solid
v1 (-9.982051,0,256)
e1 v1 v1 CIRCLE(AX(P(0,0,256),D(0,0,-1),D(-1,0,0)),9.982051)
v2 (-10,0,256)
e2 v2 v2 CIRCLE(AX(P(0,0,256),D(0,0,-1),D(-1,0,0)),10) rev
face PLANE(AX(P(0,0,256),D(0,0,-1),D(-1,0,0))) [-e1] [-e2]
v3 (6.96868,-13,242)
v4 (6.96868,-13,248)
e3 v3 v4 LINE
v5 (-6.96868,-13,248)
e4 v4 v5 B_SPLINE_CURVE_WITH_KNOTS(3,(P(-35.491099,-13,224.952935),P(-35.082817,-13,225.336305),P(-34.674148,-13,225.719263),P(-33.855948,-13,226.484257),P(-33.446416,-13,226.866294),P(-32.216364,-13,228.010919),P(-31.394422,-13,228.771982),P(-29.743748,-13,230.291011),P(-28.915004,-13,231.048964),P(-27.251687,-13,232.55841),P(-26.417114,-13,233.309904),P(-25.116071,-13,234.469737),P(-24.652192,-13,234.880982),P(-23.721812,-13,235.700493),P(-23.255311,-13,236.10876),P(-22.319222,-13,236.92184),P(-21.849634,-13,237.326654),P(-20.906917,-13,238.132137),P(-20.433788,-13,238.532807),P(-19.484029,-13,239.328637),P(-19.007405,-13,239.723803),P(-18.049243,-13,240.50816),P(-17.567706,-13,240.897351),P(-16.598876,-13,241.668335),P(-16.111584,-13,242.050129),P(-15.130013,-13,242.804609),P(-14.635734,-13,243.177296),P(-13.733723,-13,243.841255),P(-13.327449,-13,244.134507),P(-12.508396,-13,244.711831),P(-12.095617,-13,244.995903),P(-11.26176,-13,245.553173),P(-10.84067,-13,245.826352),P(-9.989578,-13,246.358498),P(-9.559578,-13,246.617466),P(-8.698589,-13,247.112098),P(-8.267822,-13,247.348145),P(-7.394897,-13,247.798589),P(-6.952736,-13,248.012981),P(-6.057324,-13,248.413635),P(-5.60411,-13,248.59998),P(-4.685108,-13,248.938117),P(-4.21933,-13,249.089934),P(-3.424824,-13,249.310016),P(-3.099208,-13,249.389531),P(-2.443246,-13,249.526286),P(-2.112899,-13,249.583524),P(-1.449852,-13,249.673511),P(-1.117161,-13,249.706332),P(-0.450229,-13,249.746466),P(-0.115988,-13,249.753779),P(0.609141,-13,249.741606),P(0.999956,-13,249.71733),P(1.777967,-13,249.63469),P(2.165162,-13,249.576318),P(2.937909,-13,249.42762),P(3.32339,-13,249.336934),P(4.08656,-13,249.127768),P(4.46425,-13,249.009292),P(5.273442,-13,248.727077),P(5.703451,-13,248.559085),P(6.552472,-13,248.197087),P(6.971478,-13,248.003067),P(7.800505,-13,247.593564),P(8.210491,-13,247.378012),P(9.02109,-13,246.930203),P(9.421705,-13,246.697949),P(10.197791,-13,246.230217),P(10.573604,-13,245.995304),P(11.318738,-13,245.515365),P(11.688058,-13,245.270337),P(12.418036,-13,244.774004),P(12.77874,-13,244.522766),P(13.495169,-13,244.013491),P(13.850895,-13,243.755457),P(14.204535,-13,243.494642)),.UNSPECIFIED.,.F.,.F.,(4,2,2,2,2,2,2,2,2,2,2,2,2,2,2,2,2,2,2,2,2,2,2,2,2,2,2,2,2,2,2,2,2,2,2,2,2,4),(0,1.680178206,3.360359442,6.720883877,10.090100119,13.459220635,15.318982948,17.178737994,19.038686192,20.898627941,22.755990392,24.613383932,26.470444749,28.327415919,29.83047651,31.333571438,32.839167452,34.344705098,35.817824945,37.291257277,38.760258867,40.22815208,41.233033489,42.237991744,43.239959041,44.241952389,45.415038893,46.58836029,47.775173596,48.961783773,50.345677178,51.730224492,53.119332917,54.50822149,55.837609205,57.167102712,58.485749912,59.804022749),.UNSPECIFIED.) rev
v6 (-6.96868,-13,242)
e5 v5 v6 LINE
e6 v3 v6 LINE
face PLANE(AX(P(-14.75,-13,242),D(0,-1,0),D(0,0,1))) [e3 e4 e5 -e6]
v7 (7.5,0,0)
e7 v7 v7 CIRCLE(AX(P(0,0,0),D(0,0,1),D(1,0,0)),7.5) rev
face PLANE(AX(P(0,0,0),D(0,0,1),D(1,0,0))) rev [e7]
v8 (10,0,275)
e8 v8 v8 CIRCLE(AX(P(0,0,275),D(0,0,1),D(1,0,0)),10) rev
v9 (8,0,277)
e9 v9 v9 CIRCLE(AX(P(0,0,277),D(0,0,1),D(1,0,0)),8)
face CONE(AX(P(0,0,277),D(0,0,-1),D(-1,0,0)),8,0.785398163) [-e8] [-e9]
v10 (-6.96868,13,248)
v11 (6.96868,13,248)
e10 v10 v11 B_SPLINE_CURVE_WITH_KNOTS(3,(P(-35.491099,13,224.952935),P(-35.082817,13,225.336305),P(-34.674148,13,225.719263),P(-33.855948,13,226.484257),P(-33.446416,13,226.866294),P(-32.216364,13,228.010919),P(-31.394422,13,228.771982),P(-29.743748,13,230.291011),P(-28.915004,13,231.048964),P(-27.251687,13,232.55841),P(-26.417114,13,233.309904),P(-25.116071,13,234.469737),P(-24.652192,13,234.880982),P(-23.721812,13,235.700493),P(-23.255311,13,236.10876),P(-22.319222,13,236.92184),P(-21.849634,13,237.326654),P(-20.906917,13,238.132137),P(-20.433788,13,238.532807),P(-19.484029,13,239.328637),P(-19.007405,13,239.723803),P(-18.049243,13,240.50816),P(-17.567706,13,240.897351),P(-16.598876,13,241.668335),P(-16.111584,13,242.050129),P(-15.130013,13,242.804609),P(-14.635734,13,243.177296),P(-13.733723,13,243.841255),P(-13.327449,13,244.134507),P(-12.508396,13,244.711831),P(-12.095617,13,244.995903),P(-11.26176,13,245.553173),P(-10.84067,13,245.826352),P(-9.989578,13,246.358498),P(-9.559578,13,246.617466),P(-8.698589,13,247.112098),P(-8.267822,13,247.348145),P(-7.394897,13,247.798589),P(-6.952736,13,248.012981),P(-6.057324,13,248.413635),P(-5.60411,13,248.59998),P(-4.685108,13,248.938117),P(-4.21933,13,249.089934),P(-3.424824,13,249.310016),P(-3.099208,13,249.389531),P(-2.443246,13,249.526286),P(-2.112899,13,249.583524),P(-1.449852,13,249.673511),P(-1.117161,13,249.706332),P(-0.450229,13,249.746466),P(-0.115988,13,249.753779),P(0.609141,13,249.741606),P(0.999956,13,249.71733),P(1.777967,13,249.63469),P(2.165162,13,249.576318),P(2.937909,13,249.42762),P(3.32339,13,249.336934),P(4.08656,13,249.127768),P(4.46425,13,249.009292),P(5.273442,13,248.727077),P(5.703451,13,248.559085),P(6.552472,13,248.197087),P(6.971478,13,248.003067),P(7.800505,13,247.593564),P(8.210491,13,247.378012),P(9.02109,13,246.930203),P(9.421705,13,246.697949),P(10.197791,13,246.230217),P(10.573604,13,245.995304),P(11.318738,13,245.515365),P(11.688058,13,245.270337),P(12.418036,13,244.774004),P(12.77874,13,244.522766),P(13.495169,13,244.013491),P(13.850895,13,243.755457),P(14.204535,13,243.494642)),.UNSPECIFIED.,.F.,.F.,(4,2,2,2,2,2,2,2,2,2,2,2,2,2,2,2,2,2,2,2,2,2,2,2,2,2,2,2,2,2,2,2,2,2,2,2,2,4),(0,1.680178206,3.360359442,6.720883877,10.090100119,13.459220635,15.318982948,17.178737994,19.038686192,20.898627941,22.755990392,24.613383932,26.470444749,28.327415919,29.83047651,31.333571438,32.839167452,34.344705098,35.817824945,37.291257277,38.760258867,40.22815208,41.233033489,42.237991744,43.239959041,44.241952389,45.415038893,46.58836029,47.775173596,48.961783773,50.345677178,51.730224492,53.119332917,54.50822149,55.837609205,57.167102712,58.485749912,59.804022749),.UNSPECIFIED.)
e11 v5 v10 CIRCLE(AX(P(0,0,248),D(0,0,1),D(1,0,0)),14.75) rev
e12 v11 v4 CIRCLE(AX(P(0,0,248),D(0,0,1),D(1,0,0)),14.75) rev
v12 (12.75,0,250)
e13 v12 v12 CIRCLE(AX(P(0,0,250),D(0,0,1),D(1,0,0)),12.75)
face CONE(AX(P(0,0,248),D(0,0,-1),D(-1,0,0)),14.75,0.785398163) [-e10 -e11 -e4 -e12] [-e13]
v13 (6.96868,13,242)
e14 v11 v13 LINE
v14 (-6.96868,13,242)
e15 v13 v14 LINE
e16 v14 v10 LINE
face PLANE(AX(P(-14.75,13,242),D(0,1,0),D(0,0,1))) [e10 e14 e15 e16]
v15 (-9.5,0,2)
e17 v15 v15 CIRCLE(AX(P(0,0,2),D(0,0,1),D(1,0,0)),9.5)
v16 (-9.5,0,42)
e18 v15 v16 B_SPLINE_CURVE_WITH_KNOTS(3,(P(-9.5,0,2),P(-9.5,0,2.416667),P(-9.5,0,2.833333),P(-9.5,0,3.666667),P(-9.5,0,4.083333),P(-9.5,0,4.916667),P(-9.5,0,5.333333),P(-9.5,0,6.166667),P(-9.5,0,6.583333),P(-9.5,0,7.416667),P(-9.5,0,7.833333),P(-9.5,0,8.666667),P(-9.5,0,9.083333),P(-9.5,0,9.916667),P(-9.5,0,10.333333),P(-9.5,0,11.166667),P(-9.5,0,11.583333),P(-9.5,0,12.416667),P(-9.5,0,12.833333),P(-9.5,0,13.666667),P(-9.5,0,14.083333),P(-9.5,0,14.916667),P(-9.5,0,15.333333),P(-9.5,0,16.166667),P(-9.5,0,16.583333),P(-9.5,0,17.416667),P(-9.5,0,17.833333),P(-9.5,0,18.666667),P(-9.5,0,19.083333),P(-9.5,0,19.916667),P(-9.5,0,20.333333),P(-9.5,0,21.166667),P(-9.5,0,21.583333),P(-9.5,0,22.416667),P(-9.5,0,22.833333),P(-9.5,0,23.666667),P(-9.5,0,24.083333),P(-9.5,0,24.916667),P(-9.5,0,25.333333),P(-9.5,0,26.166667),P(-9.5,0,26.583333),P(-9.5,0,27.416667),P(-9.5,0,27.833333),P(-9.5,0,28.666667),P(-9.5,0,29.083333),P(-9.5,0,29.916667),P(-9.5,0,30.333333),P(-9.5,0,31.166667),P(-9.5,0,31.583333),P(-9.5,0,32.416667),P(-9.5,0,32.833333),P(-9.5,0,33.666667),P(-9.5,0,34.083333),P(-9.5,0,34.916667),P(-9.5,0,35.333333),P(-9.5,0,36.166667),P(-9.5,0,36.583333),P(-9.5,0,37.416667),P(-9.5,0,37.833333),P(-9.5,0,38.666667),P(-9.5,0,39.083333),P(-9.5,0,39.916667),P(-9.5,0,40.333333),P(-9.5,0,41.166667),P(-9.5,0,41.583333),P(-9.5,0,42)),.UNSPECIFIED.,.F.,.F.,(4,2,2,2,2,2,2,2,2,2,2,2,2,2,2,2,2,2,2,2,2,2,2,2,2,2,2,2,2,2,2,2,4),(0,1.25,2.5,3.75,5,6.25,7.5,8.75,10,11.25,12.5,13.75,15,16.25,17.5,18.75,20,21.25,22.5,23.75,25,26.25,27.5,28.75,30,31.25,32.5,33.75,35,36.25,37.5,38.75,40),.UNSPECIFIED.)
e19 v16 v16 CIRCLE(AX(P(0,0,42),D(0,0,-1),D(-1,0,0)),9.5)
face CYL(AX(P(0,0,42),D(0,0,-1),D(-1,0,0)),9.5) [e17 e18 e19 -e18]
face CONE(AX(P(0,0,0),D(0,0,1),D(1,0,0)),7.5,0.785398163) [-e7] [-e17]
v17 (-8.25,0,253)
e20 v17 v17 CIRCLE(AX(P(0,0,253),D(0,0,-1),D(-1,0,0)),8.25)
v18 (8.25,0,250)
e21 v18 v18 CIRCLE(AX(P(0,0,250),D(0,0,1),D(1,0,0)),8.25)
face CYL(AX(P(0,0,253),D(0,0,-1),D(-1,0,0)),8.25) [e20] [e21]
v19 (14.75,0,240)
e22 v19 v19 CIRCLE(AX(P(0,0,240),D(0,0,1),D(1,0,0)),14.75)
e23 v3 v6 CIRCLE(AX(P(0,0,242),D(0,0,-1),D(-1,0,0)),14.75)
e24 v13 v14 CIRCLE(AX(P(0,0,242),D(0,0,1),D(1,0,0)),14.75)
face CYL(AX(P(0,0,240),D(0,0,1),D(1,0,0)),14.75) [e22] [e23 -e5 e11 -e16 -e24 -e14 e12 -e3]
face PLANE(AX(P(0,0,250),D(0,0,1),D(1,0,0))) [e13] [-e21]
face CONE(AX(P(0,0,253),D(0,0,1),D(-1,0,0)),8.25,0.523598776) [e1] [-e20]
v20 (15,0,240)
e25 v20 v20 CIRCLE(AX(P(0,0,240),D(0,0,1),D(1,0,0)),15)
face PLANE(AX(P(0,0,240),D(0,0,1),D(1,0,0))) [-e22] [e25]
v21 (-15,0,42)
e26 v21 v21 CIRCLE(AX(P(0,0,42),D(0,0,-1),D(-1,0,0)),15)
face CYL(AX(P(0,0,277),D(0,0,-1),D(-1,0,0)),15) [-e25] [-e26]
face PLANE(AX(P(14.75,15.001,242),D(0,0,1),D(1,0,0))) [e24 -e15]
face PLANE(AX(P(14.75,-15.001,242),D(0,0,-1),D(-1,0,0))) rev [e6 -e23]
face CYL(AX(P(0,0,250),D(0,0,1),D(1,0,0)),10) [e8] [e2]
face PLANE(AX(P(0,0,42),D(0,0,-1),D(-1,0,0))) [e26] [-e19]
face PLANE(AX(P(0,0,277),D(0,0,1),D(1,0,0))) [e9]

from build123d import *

# Parameters (mm, degrees)
ESQUISSE1_R                   = 15
TIGE_DEPTH                    = 277
ESQUISSE2_OUTSIDE_W           = 88.046
ESQUISSE2_OUTSIDE_H           = 88.046
ESQUISSE2_OUTSIDE_R           = 14.75
CENTRAGE_DE_CHAPE_DEPTH       = 37
ESQUISSE3_OUTSIDE_W           = 88.046
ESQUISSE3_OUTSIDE_H           = 88.046
ESQUISSE3_OUTSIDE_R           = 10
DIAM_TRE_DE_FILETAGE_DEPTH    = 27
ESQUISSE4_OUTSIDE_W           = 88.046
ESQUISSE4_OUTSIDE_H           = 88.046
ESQUISSE4_OUTSIDE_R           = 8.25
GORGE_DE_D_GAGEMENT_DEPTH     = 3
ESQUISSE5_OUTSIDE_W           = 91.51
ESQUISSE5_OUTSIDE_H           = 91.51
ESQUISSE5_OUTSIDE_R           = 8.25
CHANFREIN_DE_D_GAGEMENT_DEPTH = 3
CHANFREIN_DE_D_GAGEMENT_DRAFT = -30
CHANFREIN4_SIZE               = 2
M_PLAT_1_REACH                = 280.815
ESQUISSE6_W                   = 29.5
ESQUISSE6_H                   = 8
ESQUISSE7_OUTSIDE_W           = 88.046
ESQUISSE7_OUTSIDE_H           = 88.046
ESQUISSE7_OUTSIDE_R           = 9.5
CENTRAGE_DE_PISTON_DEPTH      = 42
CHANFREIN_DE_FILETAGE_SIZE    = 2


with BuildPart() as part:
    # Esquisse1 → tige (new body)
    with BuildSketch(Plane.XY):
        with Locations(Location((0, 0, 0), (0, 0, 180))):
            Circle(ESQUISSE1_R)
    extrude(amount=TIGE_DEPTH)

    # Esquisse2 outside → centrage de chape (cut)
    with BuildSketch(Plane.XY.offset(277)):
        Rectangle(ESQUISSE2_OUTSIDE_W, ESQUISSE2_OUTSIDE_H)
        Circle(ESQUISSE2_OUTSIDE_R, mode=Mode.SUBTRACT)
    extrude(amount=-CENTRAGE_DE_CHAPE_DEPTH, mode=Mode.SUBTRACT)

    # Esquisse3 outside → diamètre de filetage (cut)
    with BuildSketch(Plane.XY.offset(277)):
        Rectangle(ESQUISSE3_OUTSIDE_W, ESQUISSE3_OUTSIDE_H)
        Circle(ESQUISSE3_OUTSIDE_R, mode=Mode.SUBTRACT)
    extrude(amount=-DIAM_TRE_DE_FILETAGE_DEPTH, mode=Mode.SUBTRACT)

    # Esquisse4 outside → gorge de d_gagement (cut)
    with BuildSketch(Plane.XY.offset(250)):
        Rectangle(ESQUISSE4_OUTSIDE_W, ESQUISSE4_OUTSIDE_H)
        with Locations(Location((0, 0, 0), (0, 0, 180))):
            Circle(ESQUISSE4_OUTSIDE_R, mode=Mode.SUBTRACT)
    extrude(amount=GORGE_DE_D_GAGEMENT_DEPTH, mode=Mode.SUBTRACT)


with BuildPart() as chanfrein_de_d_gagement_tool:
    # Esquisse5 outside → chanfrein de dégagement (with draft: the straight prism first)
    with BuildSketch(Plane(origin=(0, 0, 253), x_dir=(-1, 0, 0), z_dir=(0, 0, -1))):
        Rectangle(ESQUISSE5_OUTSIDE_W, ESQUISSE5_OUTSIDE_H)
        Circle(ESQUISSE5_OUTSIDE_R, mode=Mode.SUBTRACT)
    extrude(amount=-CHANFREIN_DE_D_GAGEMENT_DEPTH)
    # chanfrein de dégagement: the draft: its side faces are tilted about the plane it starts from
    chanfrein_de_d_gagement_sides = [chanfrein_de_d_gagement_tool.faces().sort_by_distance(p)[0] for p in [
        (0, -45.755, 254.5),
        (-45.755, 0, 254.5),
        (0, 45.755, 254.5),
        (45.755, 0, 254.5),
        (8.25, 0, 254.5),
    ]]
    draft(chanfrein_de_d_gagement_sides, Plane(origin=(0, 0, 253), x_dir=(-1, 0, 0), z_dir=(0, 0, -1)), CHANFREIN_DE_D_GAGEMENT_DRAFT)


with BuildPart() as part_1:
    add(part.part)

    # chanfrein de dégagement: cut by chanfrein_de_d_gagement_tool
    add(chanfrein_de_d_gagement_tool.part, mode=Mode.SUBTRACT)

    # Chanfrein4
    chanfrein4_edges = [part_1.edges().sort_by_distance(p)[0] for p in [
        (-14.75, 0, 250),
        (-10, 0, 277),
    ]]
    chamfer(chanfrein4_edges, length=CHANFREIN4_SIZE)

    # Esquisse6 → méplat 1 (cut, up to next)
    with BuildSketch(Plane(origin=(0, 13, 0), x_dir=(-1, 0, 0), z_dir=(0, 1, 0)), mode=Mode.PRIVATE) as m_plat_1_sk1:
        with Locations((0, 246)):
            Rectangle(ESQUISSE6_W, ESQUISSE6_H)
    m_plat_1_tool1 = extrude(m_plat_1_sk1.sketch, amount=M_PLAT_1_REACH, mode=Mode.PRIVATE) & part_1.part
    m_plat_1 = m_plat_1_tool1.solids().sort_by_distance((0, 13, 246))[0]
    add(m_plat_1, mode=Mode.SUBTRACT)

    # méplat 2: méplat 1 across plane
    add(m_plat_1.mirror(Plane.ZX), mode=Mode.SUBTRACT)

    # Esquisse7 outside → centrage de piston (cut)
    with BuildSketch(Plane(origin=(0, 0, 0), x_dir=(-1, 0, 0), z_dir=(0, 0, -1))):
        Rectangle(ESQUISSE7_OUTSIDE_W, ESQUISSE7_OUTSIDE_H)
        Circle(ESQUISSE7_OUTSIDE_R, mode=Mode.SUBTRACT)
    extrude(amount=-CENTRAGE_DE_PISTON_DEPTH, mode=Mode.SUBTRACT)

    # Chanfrein de filetage
    chanfrein_de_filetage_edges = [part_1.edges().sort_by_distance(p)[0] for p in [
        (9.5, 0, 0),
    ]]
    chamfer(chanfrein_de_filetage_edges, length=CHANFREIN_DE_FILETAGE_SIZE)


solid = part_1.part
